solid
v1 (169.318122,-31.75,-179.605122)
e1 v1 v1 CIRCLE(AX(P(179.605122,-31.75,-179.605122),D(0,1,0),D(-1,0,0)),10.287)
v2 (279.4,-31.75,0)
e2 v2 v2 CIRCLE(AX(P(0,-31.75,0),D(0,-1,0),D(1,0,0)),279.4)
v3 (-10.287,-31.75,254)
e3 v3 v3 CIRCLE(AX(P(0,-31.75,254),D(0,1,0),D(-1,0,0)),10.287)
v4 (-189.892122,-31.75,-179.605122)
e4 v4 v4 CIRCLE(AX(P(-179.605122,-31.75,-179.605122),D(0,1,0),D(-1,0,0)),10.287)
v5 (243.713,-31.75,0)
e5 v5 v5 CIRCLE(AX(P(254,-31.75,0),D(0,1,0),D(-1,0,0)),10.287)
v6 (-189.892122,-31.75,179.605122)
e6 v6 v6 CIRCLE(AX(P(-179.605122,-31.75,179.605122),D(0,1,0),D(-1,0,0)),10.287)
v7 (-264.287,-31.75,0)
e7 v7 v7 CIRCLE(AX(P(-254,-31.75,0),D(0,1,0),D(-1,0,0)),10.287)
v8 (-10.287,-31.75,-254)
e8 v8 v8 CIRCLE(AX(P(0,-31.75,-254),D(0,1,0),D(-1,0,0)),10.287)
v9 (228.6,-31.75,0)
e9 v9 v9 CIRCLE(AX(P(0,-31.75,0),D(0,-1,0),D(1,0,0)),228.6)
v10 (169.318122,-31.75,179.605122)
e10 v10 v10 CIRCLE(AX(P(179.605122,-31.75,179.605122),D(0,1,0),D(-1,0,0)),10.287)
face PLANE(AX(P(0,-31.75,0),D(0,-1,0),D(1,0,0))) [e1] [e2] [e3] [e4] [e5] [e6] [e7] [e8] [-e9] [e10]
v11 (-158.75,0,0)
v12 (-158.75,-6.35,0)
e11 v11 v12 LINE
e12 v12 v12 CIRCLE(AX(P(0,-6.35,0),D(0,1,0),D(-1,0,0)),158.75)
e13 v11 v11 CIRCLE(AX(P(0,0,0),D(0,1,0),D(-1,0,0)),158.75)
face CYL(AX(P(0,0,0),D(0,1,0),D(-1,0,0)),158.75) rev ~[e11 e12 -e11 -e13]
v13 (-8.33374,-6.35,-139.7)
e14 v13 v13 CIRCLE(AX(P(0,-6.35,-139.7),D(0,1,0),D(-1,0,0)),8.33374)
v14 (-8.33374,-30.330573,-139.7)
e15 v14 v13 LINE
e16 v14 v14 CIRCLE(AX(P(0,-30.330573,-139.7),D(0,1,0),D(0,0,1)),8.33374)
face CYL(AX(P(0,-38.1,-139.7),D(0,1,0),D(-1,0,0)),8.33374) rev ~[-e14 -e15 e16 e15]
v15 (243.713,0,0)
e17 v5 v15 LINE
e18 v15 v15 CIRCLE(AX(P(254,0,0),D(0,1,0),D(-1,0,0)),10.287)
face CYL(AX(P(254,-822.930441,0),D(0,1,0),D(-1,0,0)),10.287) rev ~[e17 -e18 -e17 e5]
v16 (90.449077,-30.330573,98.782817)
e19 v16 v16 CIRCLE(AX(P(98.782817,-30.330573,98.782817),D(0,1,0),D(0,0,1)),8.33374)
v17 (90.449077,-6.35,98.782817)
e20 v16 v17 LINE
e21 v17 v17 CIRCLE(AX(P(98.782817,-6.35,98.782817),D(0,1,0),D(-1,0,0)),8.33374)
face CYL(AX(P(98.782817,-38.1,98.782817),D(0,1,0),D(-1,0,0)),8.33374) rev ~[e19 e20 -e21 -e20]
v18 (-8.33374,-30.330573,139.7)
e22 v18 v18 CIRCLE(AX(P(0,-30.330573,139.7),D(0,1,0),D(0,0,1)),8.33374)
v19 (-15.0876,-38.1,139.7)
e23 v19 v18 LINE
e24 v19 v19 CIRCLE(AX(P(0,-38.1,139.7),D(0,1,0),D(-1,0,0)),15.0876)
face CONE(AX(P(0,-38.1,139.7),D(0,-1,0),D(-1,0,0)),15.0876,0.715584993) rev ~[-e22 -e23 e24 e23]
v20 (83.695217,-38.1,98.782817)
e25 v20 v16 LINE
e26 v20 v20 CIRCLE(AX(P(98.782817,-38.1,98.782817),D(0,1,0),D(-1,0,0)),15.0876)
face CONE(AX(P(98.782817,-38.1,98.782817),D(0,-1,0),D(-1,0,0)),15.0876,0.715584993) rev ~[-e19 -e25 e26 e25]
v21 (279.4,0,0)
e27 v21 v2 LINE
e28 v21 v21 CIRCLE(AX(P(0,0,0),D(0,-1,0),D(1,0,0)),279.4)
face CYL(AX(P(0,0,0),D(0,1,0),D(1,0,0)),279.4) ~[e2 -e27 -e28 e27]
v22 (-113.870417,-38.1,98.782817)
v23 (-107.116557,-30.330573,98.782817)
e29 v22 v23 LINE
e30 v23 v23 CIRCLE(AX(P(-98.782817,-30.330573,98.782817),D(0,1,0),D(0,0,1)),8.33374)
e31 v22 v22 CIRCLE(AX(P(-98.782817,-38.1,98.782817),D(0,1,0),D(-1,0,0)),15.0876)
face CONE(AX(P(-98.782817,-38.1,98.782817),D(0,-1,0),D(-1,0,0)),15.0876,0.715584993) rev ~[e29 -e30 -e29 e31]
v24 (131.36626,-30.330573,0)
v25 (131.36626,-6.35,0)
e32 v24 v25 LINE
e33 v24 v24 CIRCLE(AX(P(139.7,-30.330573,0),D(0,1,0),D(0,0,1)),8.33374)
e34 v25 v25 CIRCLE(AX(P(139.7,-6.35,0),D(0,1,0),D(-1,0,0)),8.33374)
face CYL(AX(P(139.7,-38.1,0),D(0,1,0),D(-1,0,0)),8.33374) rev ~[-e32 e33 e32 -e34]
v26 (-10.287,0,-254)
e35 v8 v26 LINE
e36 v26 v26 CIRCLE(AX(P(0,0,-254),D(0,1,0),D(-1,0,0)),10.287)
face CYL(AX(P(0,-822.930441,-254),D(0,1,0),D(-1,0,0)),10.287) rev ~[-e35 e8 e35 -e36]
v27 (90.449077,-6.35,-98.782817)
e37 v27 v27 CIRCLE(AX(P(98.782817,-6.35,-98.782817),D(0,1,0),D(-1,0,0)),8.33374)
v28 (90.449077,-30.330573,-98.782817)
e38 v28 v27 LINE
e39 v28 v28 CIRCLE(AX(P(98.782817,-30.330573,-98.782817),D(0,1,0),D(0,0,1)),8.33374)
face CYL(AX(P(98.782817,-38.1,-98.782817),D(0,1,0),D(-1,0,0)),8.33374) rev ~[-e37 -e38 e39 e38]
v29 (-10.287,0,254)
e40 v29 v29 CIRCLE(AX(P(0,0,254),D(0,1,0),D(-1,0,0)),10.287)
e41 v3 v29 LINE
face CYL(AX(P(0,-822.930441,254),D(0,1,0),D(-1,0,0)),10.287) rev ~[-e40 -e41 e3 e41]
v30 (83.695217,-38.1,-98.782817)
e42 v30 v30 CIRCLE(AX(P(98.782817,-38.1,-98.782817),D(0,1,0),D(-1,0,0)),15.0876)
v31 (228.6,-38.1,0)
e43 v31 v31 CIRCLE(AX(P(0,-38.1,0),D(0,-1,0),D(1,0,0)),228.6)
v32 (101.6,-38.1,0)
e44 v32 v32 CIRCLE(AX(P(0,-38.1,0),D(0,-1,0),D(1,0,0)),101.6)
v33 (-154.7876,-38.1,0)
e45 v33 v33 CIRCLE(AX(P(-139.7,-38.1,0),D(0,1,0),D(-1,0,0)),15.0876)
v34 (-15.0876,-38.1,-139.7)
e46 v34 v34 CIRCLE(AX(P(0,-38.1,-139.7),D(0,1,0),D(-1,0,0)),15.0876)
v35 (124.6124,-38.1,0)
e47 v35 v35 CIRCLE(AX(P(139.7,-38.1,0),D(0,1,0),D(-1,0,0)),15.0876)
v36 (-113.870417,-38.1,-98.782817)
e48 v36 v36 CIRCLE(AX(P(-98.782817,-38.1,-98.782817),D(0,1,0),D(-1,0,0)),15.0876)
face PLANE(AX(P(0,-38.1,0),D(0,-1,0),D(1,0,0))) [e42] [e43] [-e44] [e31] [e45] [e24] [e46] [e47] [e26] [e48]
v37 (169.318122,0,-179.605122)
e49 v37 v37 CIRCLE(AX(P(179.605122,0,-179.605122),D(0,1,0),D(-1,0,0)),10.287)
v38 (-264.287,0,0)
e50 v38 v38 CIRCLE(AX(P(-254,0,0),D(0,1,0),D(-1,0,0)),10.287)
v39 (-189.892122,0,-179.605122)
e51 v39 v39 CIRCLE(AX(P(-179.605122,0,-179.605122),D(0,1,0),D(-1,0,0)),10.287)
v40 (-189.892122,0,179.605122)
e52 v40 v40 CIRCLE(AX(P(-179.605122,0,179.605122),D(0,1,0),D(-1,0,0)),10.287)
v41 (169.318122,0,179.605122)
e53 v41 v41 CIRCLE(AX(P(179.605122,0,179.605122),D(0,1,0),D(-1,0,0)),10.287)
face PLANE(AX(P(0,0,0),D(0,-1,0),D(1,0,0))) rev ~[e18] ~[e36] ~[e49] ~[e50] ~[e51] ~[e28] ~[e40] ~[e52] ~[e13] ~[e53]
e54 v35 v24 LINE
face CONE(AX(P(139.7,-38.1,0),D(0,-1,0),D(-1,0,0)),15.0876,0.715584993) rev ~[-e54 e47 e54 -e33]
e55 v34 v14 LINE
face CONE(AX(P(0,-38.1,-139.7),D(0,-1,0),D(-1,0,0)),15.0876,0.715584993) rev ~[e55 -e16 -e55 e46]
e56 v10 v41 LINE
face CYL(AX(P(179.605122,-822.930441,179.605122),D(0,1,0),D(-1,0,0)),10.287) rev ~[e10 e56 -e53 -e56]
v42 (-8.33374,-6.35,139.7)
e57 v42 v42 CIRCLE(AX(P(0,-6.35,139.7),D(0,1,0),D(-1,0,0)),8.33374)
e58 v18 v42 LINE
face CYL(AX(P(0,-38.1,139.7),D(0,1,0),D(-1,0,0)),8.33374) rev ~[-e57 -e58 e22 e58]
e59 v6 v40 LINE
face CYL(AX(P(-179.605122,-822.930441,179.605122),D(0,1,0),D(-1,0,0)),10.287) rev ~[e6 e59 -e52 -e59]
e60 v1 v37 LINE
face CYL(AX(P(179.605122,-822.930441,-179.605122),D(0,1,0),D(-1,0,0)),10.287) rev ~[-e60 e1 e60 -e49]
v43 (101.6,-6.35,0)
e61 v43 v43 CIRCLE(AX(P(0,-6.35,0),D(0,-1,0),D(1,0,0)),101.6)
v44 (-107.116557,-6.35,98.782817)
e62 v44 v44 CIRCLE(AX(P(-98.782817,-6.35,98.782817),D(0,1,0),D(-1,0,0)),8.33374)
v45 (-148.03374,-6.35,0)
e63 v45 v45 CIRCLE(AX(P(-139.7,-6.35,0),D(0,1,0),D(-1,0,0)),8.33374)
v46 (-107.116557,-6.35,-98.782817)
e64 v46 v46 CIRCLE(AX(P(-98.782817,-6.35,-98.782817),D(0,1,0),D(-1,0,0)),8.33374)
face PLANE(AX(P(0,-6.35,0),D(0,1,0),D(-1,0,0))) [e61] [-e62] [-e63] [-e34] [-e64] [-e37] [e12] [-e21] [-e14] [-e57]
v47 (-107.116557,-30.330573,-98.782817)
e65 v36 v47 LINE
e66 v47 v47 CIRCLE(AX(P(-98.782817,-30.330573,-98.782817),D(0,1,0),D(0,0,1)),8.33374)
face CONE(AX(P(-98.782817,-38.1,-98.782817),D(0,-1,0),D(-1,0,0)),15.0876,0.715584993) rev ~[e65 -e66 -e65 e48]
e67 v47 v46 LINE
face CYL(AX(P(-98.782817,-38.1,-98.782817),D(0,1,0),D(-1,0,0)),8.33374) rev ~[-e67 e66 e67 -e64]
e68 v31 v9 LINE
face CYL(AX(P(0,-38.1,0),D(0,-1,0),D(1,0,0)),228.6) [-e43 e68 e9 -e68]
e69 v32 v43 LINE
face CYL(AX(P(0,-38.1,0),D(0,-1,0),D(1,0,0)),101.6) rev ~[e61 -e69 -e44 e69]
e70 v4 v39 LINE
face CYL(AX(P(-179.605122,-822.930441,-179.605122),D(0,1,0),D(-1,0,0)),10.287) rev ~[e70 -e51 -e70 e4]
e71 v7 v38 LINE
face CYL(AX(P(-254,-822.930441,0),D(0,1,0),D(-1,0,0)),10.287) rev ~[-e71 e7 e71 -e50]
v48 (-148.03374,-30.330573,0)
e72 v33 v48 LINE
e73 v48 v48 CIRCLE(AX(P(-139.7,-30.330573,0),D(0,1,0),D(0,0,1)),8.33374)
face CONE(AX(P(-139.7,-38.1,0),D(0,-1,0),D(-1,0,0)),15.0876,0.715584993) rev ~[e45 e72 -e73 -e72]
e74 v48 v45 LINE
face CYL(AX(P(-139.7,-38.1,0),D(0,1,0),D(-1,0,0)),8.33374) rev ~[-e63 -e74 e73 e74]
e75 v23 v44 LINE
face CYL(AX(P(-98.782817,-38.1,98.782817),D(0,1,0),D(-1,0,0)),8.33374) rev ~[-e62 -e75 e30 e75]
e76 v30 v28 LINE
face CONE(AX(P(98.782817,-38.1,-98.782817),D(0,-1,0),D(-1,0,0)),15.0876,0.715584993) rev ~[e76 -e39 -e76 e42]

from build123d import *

# Parameters (mm, degrees)
F0_R            = 279.4
F1_DEPTH        = 38.1
F2_R            = 279.4
F2_R_2          = 228.6
F3_DEPTH        = 6.35
F5_D            = 20.574
F6_R            = 101.6
F7_DEPTH        = 38.101
F8_R            = 158.75
F8_R_2          = 101.6
F9_DEPTH        = 6.35
F11_D           = 16.66748
F11_CSINK_D     = 30.1752
F11_CSINK_ANGLE = 82


with BuildPart() as f1:
    # F0 (on Front) → F1 (new body)
    with BuildSketch(Plane.XZ):
        Circle(F0_R)
    extrude(amount=F1_DEPTH)

    # F2 (on face) → F3 (cut)
    with BuildSketch(Plane.XZ.offset(38.1)):
        Circle(F2_R)
        Circle(F2_R_2, mode=Mode.SUBTRACT)
    extrude(amount=-F3_DEPTH, mode=Mode.SUBTRACT)

    # F5 (through all)
    with Locations(Plane.XZ.offset(31.75)):
        with Locations((179.6051224214, 179.6051224214), (254, 0), (179.6051224214, -179.6051224214), (0, -254), (-179.6051224214, -179.6051224214), (0, 254), (-179.6051224214, 179.6051224214), (-254, 0)):
            Hole(F5_D / 2)

    # F6 (on face) → F7 (cut, through all)
    with BuildSketch(Plane.XZ.offset(38.1)):
        Circle(F6_R)
    extrude(amount=-F7_DEPTH, mode=Mode.SUBTRACT)

    # F8 (on face) → F9 (cut)
    with BuildSketch(Plane(origin=(0, 0, 0), x_dir=(-1, 0, 0), z_dir=(0, 1, 0))):
        Circle(F8_R)
        Circle(F8_R_2, mode=Mode.SUBTRACT)
    extrude(amount=-F9_DEPTH, mode=Mode.SUBTRACT)

    # F11 (through all)
    with Locations(Plane.XZ.offset(38.1)):
        with Locations((139.7, 0), (98.7828173318, 98.7828173318), (0, 139.7), (-98.7828173318, 98.7828173318), (-139.7, 0), (-98.7828173318, -98.7828173318), (0, -139.7), (98.7828173318, -98.7828173318)):
            CounterSinkHole(F11_D / 2, F11_CSINK_D / 2, counter_sink_angle=F11_CSINK_ANGLE)


solid = f1.part
